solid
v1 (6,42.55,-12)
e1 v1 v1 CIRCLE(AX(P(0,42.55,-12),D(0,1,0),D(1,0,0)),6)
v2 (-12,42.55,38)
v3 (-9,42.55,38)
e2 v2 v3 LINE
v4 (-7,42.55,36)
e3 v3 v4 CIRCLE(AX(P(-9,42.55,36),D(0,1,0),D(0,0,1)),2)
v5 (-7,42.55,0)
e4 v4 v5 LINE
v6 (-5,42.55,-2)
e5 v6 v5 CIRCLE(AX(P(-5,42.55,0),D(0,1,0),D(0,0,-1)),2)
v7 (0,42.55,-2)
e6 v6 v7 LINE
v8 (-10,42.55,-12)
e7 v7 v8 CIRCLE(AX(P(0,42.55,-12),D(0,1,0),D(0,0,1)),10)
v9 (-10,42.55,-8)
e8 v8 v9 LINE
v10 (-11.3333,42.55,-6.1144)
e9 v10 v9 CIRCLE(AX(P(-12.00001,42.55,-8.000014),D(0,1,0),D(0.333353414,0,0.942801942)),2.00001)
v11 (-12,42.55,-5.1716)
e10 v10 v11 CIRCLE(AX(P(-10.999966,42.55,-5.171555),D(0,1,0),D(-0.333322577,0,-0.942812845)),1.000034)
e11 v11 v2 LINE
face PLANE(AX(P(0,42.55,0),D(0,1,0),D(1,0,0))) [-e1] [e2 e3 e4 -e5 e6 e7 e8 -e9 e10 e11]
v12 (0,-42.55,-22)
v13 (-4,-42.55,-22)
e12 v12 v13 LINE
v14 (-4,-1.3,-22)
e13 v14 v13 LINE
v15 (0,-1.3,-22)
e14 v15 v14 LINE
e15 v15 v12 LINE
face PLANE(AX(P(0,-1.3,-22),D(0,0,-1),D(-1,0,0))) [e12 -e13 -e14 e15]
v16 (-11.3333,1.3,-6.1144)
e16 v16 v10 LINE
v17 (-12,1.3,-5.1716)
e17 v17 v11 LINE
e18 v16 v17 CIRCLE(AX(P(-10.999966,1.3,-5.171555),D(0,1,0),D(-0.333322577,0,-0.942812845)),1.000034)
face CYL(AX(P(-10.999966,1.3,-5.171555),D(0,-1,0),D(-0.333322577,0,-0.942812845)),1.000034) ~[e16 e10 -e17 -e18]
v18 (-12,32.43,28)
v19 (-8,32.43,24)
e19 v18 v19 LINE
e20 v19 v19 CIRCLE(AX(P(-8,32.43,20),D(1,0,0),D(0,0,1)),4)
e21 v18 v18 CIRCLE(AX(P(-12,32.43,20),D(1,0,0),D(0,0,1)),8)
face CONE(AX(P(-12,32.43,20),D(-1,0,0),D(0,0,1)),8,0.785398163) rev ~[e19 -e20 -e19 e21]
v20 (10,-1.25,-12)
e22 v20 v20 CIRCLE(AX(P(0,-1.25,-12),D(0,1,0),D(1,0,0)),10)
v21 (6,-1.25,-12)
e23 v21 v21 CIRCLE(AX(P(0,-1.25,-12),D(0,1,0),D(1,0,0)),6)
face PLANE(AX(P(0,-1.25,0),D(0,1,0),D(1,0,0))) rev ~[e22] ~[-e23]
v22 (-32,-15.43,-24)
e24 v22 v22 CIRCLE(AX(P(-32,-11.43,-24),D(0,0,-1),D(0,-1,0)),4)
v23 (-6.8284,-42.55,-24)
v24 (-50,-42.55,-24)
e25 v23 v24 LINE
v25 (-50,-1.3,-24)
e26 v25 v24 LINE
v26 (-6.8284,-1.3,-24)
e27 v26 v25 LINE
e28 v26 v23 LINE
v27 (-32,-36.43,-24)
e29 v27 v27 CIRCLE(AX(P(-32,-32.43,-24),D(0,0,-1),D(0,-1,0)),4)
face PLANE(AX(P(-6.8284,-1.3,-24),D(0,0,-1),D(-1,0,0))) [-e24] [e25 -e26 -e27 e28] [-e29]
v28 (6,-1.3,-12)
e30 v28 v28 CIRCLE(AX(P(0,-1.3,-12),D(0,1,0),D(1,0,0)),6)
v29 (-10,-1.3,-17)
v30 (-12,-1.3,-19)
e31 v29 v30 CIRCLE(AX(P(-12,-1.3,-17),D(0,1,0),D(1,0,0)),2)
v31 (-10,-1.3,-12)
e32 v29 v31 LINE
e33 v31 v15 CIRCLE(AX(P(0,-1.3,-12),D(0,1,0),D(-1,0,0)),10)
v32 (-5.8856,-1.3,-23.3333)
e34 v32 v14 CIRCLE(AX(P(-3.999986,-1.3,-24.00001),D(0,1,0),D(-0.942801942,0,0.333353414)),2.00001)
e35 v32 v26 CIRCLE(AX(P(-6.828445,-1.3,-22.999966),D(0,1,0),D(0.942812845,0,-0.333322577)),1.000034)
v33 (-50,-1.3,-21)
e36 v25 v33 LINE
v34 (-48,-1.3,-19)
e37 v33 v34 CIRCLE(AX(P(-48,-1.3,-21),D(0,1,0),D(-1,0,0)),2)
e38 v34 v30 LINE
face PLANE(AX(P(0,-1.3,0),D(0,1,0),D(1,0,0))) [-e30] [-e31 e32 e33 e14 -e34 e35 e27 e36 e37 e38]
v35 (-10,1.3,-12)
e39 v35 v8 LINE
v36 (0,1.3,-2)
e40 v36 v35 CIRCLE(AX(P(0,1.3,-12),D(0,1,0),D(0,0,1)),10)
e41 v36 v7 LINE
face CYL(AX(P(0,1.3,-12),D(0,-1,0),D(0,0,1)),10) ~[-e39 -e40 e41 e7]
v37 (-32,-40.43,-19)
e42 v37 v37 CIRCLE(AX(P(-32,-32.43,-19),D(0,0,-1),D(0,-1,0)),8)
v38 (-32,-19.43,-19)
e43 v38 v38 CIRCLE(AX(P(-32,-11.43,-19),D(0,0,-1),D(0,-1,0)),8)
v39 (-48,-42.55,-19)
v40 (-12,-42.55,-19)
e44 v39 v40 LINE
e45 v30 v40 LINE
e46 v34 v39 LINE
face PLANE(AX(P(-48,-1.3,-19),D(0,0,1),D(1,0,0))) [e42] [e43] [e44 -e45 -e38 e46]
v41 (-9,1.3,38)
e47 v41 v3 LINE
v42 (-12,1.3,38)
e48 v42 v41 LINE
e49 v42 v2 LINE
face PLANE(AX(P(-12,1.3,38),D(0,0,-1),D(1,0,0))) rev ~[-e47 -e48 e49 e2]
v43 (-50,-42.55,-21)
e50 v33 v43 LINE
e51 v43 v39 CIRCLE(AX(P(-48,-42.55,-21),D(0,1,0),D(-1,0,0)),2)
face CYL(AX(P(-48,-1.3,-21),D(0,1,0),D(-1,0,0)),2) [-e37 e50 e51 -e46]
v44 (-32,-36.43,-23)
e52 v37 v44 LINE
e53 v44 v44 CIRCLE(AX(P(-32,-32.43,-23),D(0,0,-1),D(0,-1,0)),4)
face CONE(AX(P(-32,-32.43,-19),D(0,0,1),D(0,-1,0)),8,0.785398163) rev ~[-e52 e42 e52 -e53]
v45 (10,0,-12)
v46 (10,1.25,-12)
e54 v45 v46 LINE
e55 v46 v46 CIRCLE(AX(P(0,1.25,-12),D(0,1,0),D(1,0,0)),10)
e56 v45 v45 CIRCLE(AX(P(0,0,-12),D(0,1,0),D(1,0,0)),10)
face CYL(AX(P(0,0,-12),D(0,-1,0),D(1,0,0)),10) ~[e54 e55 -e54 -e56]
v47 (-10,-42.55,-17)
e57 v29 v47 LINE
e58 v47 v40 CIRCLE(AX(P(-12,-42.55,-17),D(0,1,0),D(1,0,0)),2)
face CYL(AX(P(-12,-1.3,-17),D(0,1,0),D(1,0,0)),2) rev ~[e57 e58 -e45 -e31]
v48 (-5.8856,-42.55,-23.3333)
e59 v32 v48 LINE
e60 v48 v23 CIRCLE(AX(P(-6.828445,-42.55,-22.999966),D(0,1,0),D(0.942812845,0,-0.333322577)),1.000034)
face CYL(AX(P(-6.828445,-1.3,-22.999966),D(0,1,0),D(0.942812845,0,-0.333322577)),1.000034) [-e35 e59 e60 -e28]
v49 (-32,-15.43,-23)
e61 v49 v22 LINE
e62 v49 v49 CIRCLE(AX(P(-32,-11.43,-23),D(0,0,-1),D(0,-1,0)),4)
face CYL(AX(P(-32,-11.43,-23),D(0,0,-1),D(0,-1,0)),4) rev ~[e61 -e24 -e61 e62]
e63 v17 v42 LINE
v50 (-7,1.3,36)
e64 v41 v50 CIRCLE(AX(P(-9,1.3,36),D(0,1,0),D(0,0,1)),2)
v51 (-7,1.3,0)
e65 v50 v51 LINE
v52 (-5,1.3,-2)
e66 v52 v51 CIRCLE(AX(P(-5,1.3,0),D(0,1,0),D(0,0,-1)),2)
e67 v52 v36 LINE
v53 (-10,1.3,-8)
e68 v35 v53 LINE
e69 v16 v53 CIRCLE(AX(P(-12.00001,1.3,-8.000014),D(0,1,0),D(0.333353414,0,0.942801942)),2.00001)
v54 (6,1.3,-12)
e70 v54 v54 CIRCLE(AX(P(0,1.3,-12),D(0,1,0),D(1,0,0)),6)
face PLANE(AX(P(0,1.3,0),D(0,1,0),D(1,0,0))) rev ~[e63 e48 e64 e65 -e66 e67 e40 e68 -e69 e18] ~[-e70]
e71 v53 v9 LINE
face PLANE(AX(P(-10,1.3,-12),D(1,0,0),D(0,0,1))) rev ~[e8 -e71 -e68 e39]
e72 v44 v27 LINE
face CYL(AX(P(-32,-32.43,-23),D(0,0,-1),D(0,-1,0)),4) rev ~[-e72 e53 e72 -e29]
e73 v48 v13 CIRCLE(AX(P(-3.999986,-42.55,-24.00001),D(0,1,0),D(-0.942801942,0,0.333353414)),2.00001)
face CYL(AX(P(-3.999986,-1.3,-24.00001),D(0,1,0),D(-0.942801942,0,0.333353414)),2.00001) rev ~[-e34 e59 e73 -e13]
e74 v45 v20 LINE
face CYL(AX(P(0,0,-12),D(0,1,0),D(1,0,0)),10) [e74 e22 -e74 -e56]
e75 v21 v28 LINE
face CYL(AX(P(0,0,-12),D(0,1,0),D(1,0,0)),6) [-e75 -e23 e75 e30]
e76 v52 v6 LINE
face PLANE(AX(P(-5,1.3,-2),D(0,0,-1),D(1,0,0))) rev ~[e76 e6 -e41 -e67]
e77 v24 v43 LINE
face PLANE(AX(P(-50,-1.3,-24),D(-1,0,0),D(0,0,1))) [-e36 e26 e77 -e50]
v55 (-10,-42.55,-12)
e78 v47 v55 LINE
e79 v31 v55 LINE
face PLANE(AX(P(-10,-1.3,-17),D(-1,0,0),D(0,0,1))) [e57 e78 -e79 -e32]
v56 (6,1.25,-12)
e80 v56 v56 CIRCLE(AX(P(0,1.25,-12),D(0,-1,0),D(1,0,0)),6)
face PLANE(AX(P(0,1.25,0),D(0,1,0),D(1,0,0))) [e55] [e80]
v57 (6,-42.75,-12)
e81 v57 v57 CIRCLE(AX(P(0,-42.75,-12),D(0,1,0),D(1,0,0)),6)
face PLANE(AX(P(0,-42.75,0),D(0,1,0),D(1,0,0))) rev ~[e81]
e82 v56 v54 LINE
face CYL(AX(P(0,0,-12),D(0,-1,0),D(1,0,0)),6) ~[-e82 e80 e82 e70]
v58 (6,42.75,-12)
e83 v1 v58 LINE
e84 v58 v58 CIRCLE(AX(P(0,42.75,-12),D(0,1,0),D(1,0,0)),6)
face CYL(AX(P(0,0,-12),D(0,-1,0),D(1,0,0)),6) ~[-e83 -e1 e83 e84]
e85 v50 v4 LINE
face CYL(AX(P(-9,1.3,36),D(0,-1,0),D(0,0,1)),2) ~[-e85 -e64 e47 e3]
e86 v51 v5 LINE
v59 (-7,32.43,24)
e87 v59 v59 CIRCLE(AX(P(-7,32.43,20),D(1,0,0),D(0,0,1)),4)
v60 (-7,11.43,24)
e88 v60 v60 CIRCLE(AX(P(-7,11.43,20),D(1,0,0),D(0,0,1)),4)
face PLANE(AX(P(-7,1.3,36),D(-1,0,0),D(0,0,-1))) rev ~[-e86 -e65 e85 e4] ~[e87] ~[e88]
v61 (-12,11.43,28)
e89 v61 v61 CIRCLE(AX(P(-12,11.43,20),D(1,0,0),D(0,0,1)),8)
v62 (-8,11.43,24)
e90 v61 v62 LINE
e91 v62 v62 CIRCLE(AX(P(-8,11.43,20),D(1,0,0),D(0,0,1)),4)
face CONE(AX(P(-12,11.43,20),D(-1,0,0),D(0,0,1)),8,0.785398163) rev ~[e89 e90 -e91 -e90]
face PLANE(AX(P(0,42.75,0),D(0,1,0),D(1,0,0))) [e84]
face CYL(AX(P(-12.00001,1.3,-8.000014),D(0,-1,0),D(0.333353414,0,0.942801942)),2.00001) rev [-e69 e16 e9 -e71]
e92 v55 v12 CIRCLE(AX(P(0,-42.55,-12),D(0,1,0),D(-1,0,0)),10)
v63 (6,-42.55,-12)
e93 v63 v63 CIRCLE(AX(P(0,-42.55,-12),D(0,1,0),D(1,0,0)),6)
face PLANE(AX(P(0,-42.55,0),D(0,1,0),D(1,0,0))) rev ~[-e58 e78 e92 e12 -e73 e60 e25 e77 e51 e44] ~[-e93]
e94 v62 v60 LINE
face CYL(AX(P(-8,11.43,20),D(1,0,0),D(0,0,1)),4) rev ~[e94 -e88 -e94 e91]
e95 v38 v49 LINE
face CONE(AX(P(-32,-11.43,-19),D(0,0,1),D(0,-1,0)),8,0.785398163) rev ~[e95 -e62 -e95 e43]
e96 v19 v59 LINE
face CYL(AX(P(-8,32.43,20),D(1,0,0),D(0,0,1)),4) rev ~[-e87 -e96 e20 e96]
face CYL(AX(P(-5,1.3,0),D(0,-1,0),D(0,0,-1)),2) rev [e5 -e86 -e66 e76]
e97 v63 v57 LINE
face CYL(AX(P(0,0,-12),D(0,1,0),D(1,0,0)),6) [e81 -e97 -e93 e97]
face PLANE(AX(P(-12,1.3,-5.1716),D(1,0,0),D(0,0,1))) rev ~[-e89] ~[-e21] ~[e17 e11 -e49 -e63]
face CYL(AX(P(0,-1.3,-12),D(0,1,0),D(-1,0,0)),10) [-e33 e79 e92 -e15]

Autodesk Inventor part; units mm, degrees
sketch "Skizze_34" plane through (0, 0, 0) normal (0, 1, 0) x (1, 0, 0)
  circle A0 centre (0, 12) radius 10
extrude "Extrusion1" add sketch "Skizze_34" along normal mid plane 2.5
sketch "Skizze_35" plane through (0, 0, 0) normal (0, 1, 0) x (1, 0, 0)
  circle A0 centre (0, 12) radius 6
extrude "Extrusion2" add sketch "Skizze_35" along normal mid plane 85.5
sketch "Skizze_36" plane through (0, -1.3, 0) normal (0, 1, 0) x (1, 0, 0)
  line L0 (-50, 24) -> (-50, 21)
  arc A0 (-50, 21) -> (-48, 19) centre (-48, 21) ccw
  line L1 (-48, 19) -> (-12, 19)
  arc A1 (-10, 17) -> (-12, 19) centre (-12, 17) ccw
  line L2 (-10, 17) -> (-10, 12)
  arc A2 (-10, 12) -> (0, 22) centre (0, 12) ccw
  line L3 (0, 22) -> (-4, 22)
  arc A3 (-5.8856, 23.3333) -> (-4, 22) centre (-4, 24) ccw
  arc A4 (-5.8856, 23.3333) -> (-6.8284, 24) centre (-6.8284, 23) ccw
  line L4 (-6.8284, 24) -> (-50, 24)
  circle A5 centre (0, 12) radius 6
extrude "Extrusion3" add sketch "Skizze_36" against normal blind 41.25
sketch "Skizze_37" plane through (0, 1.3, 0) normal (0, 1, 0) x (1, 0, 0)
  line L0 (-12, -38) -> (-9, -38)
  arc A0 (-9, -38) -> (-7, -36) centre (-9, -36) ccw
  line L1 (-7, -36) -> (-7, 0)
  arc A1 (-5, 2) -> (-7, 0) centre (-5, 0) ccw
  line L2 (-5, 2) -> (0, 2)
  arc A2 (0, 2) -> (-10, 12) centre (0, 12) ccw
  line L3 (-10, 12) -> (-10, 8)
  arc A3 (-11.3333, 6.1144) -> (-10, 8) centre (-12, 8) ccw
  arc A4 (-11.3333, 6.1144) -> (-12, 5.1716) centre (-11, 5.1716) ccw
  line L4 (-12, 5.1716) -> (-12, -38)
  circle A5 centre (0, 12) radius 6
extrude "Extrusion4" add sketch "Skizze_37" along normal blind 41.25
sketch "Sketch5" plane through (-12, 1.3, -5.1716) normal (-1, 0, 0) x (0, 0, 1)
  point P0 (25.1716, 10.13)
hole "Drilling 1" at (-12, 11.43, 20) direction (1, 0, 0) diameter 8 depth 5 countersink diameter 16 countersink angle 90
sketch "Sketch6" plane through (-12, 1.3, -5.1716) normal (-1, 0, 0) x (0, 0, 1)
  point P0 (25.1716, 31.13)
hole "Drilling 2" at (-12, 32.43, 20) direction (1, 0, 0) diameter 8 depth 5 countersink diameter 16 countersink angle 90
sketch "Sketch7" plane through (-48, -1.3, -19) normal (0, 0, 1) x (1, 0, 0)
  point P0 (16, -10.13)
hole "Drilling 3" at (-32, -11.43, -19) direction (0, 0, -1) diameter 8 depth 5 countersink diameter 16 countersink angle 90
sketch "Sketch8" plane through (-48, -1.3, -19) normal (0, 0, 1) x (1, 0, 0)
  point P0 (16, -31.13)
hole "Drilling 4" at (-32, -32.43, -19) direction (0, 0, -1) diameter 8 depth 5 countersink diameter 16 countersink angle 90
ref_plane "side_2a_XY" through (-32, -21.925, -19) normal (0, 0, 1) x (1, 0, 0)
ref_plane "side_2a_YZ" through (-32, -21.925, -19) normal (1, 0, 0) x (0, 1, 0)
ref_plane "side_2a_ZX" through (-32, -21.925, -19) normal (0, 1, 0) x (0, 0, 1)
ref_plane "side_2b_XY" through (-32, -21.925, -24) normal (0, 0, -1) x (1, 0, 0)
ref_plane "side_2b_YZ" through (-32, -21.925, -24) normal (1, 0, 0) x (0, -1, 0)
ref_plane "side_2b_ZX" through (-32, -21.925, -24) normal (0, -1, 0) x (0, 0, -1)
ref_plane "side_1b_XY" through (-7, 21.925, 20) normal (1, 0, 0) x (0, 0, -1)
ref_plane "side_1b_YZ" through (-7, 21.925, 20) normal (0, 0, -1) x (0, 1, 0)
ref_plane "side_1b_ZX" through (-7, 21.925, 20) normal (0, 1, 0) x (1, 0, 0)
ref_plane "side_3b_XY" through (-7, 21.925, 20) normal (1, 0, 0) x (0, 0, -1)
ref_plane "side_3b_YZ" through (-7, 21.925, 20) normal (0, 0, -1) x (0, 1, 0)
ref_plane "side_3b_ZX" through (-7, 21.925, 20) normal (0, 1, 0) x (1, 0, 0)
ref_plane "side_1a_XY" through (-12, 21.925, 20) normal (-1, 0, 0) x (0, 0, -1)
ref_plane "side_1a_YZ" through (-12, 21.925, 20) normal (0, 0, -1) x (0, -1, 0)
ref_plane "side_1a_ZX" through (-12, 21.925, 20) normal (0, -1, 0) x (-1, 0, 0)
ref_plane "side_3a_XY" through (-12, 21.925, 20) normal (-1, 0, 0) x (0, 0, -1)
ref_plane "side_3a_YZ" through (-12, 21.925, 20) normal (0, 0, -1) x (0, -1, 0)
ref_plane "side_3a_ZX" through (-12, 21.925, 20) normal (0, -1, 0) x (-1, 0, 0)
properties part number "MayTec 1.62.842032085_Alu hinges, heavy, type 20 PG 40 (90)"
